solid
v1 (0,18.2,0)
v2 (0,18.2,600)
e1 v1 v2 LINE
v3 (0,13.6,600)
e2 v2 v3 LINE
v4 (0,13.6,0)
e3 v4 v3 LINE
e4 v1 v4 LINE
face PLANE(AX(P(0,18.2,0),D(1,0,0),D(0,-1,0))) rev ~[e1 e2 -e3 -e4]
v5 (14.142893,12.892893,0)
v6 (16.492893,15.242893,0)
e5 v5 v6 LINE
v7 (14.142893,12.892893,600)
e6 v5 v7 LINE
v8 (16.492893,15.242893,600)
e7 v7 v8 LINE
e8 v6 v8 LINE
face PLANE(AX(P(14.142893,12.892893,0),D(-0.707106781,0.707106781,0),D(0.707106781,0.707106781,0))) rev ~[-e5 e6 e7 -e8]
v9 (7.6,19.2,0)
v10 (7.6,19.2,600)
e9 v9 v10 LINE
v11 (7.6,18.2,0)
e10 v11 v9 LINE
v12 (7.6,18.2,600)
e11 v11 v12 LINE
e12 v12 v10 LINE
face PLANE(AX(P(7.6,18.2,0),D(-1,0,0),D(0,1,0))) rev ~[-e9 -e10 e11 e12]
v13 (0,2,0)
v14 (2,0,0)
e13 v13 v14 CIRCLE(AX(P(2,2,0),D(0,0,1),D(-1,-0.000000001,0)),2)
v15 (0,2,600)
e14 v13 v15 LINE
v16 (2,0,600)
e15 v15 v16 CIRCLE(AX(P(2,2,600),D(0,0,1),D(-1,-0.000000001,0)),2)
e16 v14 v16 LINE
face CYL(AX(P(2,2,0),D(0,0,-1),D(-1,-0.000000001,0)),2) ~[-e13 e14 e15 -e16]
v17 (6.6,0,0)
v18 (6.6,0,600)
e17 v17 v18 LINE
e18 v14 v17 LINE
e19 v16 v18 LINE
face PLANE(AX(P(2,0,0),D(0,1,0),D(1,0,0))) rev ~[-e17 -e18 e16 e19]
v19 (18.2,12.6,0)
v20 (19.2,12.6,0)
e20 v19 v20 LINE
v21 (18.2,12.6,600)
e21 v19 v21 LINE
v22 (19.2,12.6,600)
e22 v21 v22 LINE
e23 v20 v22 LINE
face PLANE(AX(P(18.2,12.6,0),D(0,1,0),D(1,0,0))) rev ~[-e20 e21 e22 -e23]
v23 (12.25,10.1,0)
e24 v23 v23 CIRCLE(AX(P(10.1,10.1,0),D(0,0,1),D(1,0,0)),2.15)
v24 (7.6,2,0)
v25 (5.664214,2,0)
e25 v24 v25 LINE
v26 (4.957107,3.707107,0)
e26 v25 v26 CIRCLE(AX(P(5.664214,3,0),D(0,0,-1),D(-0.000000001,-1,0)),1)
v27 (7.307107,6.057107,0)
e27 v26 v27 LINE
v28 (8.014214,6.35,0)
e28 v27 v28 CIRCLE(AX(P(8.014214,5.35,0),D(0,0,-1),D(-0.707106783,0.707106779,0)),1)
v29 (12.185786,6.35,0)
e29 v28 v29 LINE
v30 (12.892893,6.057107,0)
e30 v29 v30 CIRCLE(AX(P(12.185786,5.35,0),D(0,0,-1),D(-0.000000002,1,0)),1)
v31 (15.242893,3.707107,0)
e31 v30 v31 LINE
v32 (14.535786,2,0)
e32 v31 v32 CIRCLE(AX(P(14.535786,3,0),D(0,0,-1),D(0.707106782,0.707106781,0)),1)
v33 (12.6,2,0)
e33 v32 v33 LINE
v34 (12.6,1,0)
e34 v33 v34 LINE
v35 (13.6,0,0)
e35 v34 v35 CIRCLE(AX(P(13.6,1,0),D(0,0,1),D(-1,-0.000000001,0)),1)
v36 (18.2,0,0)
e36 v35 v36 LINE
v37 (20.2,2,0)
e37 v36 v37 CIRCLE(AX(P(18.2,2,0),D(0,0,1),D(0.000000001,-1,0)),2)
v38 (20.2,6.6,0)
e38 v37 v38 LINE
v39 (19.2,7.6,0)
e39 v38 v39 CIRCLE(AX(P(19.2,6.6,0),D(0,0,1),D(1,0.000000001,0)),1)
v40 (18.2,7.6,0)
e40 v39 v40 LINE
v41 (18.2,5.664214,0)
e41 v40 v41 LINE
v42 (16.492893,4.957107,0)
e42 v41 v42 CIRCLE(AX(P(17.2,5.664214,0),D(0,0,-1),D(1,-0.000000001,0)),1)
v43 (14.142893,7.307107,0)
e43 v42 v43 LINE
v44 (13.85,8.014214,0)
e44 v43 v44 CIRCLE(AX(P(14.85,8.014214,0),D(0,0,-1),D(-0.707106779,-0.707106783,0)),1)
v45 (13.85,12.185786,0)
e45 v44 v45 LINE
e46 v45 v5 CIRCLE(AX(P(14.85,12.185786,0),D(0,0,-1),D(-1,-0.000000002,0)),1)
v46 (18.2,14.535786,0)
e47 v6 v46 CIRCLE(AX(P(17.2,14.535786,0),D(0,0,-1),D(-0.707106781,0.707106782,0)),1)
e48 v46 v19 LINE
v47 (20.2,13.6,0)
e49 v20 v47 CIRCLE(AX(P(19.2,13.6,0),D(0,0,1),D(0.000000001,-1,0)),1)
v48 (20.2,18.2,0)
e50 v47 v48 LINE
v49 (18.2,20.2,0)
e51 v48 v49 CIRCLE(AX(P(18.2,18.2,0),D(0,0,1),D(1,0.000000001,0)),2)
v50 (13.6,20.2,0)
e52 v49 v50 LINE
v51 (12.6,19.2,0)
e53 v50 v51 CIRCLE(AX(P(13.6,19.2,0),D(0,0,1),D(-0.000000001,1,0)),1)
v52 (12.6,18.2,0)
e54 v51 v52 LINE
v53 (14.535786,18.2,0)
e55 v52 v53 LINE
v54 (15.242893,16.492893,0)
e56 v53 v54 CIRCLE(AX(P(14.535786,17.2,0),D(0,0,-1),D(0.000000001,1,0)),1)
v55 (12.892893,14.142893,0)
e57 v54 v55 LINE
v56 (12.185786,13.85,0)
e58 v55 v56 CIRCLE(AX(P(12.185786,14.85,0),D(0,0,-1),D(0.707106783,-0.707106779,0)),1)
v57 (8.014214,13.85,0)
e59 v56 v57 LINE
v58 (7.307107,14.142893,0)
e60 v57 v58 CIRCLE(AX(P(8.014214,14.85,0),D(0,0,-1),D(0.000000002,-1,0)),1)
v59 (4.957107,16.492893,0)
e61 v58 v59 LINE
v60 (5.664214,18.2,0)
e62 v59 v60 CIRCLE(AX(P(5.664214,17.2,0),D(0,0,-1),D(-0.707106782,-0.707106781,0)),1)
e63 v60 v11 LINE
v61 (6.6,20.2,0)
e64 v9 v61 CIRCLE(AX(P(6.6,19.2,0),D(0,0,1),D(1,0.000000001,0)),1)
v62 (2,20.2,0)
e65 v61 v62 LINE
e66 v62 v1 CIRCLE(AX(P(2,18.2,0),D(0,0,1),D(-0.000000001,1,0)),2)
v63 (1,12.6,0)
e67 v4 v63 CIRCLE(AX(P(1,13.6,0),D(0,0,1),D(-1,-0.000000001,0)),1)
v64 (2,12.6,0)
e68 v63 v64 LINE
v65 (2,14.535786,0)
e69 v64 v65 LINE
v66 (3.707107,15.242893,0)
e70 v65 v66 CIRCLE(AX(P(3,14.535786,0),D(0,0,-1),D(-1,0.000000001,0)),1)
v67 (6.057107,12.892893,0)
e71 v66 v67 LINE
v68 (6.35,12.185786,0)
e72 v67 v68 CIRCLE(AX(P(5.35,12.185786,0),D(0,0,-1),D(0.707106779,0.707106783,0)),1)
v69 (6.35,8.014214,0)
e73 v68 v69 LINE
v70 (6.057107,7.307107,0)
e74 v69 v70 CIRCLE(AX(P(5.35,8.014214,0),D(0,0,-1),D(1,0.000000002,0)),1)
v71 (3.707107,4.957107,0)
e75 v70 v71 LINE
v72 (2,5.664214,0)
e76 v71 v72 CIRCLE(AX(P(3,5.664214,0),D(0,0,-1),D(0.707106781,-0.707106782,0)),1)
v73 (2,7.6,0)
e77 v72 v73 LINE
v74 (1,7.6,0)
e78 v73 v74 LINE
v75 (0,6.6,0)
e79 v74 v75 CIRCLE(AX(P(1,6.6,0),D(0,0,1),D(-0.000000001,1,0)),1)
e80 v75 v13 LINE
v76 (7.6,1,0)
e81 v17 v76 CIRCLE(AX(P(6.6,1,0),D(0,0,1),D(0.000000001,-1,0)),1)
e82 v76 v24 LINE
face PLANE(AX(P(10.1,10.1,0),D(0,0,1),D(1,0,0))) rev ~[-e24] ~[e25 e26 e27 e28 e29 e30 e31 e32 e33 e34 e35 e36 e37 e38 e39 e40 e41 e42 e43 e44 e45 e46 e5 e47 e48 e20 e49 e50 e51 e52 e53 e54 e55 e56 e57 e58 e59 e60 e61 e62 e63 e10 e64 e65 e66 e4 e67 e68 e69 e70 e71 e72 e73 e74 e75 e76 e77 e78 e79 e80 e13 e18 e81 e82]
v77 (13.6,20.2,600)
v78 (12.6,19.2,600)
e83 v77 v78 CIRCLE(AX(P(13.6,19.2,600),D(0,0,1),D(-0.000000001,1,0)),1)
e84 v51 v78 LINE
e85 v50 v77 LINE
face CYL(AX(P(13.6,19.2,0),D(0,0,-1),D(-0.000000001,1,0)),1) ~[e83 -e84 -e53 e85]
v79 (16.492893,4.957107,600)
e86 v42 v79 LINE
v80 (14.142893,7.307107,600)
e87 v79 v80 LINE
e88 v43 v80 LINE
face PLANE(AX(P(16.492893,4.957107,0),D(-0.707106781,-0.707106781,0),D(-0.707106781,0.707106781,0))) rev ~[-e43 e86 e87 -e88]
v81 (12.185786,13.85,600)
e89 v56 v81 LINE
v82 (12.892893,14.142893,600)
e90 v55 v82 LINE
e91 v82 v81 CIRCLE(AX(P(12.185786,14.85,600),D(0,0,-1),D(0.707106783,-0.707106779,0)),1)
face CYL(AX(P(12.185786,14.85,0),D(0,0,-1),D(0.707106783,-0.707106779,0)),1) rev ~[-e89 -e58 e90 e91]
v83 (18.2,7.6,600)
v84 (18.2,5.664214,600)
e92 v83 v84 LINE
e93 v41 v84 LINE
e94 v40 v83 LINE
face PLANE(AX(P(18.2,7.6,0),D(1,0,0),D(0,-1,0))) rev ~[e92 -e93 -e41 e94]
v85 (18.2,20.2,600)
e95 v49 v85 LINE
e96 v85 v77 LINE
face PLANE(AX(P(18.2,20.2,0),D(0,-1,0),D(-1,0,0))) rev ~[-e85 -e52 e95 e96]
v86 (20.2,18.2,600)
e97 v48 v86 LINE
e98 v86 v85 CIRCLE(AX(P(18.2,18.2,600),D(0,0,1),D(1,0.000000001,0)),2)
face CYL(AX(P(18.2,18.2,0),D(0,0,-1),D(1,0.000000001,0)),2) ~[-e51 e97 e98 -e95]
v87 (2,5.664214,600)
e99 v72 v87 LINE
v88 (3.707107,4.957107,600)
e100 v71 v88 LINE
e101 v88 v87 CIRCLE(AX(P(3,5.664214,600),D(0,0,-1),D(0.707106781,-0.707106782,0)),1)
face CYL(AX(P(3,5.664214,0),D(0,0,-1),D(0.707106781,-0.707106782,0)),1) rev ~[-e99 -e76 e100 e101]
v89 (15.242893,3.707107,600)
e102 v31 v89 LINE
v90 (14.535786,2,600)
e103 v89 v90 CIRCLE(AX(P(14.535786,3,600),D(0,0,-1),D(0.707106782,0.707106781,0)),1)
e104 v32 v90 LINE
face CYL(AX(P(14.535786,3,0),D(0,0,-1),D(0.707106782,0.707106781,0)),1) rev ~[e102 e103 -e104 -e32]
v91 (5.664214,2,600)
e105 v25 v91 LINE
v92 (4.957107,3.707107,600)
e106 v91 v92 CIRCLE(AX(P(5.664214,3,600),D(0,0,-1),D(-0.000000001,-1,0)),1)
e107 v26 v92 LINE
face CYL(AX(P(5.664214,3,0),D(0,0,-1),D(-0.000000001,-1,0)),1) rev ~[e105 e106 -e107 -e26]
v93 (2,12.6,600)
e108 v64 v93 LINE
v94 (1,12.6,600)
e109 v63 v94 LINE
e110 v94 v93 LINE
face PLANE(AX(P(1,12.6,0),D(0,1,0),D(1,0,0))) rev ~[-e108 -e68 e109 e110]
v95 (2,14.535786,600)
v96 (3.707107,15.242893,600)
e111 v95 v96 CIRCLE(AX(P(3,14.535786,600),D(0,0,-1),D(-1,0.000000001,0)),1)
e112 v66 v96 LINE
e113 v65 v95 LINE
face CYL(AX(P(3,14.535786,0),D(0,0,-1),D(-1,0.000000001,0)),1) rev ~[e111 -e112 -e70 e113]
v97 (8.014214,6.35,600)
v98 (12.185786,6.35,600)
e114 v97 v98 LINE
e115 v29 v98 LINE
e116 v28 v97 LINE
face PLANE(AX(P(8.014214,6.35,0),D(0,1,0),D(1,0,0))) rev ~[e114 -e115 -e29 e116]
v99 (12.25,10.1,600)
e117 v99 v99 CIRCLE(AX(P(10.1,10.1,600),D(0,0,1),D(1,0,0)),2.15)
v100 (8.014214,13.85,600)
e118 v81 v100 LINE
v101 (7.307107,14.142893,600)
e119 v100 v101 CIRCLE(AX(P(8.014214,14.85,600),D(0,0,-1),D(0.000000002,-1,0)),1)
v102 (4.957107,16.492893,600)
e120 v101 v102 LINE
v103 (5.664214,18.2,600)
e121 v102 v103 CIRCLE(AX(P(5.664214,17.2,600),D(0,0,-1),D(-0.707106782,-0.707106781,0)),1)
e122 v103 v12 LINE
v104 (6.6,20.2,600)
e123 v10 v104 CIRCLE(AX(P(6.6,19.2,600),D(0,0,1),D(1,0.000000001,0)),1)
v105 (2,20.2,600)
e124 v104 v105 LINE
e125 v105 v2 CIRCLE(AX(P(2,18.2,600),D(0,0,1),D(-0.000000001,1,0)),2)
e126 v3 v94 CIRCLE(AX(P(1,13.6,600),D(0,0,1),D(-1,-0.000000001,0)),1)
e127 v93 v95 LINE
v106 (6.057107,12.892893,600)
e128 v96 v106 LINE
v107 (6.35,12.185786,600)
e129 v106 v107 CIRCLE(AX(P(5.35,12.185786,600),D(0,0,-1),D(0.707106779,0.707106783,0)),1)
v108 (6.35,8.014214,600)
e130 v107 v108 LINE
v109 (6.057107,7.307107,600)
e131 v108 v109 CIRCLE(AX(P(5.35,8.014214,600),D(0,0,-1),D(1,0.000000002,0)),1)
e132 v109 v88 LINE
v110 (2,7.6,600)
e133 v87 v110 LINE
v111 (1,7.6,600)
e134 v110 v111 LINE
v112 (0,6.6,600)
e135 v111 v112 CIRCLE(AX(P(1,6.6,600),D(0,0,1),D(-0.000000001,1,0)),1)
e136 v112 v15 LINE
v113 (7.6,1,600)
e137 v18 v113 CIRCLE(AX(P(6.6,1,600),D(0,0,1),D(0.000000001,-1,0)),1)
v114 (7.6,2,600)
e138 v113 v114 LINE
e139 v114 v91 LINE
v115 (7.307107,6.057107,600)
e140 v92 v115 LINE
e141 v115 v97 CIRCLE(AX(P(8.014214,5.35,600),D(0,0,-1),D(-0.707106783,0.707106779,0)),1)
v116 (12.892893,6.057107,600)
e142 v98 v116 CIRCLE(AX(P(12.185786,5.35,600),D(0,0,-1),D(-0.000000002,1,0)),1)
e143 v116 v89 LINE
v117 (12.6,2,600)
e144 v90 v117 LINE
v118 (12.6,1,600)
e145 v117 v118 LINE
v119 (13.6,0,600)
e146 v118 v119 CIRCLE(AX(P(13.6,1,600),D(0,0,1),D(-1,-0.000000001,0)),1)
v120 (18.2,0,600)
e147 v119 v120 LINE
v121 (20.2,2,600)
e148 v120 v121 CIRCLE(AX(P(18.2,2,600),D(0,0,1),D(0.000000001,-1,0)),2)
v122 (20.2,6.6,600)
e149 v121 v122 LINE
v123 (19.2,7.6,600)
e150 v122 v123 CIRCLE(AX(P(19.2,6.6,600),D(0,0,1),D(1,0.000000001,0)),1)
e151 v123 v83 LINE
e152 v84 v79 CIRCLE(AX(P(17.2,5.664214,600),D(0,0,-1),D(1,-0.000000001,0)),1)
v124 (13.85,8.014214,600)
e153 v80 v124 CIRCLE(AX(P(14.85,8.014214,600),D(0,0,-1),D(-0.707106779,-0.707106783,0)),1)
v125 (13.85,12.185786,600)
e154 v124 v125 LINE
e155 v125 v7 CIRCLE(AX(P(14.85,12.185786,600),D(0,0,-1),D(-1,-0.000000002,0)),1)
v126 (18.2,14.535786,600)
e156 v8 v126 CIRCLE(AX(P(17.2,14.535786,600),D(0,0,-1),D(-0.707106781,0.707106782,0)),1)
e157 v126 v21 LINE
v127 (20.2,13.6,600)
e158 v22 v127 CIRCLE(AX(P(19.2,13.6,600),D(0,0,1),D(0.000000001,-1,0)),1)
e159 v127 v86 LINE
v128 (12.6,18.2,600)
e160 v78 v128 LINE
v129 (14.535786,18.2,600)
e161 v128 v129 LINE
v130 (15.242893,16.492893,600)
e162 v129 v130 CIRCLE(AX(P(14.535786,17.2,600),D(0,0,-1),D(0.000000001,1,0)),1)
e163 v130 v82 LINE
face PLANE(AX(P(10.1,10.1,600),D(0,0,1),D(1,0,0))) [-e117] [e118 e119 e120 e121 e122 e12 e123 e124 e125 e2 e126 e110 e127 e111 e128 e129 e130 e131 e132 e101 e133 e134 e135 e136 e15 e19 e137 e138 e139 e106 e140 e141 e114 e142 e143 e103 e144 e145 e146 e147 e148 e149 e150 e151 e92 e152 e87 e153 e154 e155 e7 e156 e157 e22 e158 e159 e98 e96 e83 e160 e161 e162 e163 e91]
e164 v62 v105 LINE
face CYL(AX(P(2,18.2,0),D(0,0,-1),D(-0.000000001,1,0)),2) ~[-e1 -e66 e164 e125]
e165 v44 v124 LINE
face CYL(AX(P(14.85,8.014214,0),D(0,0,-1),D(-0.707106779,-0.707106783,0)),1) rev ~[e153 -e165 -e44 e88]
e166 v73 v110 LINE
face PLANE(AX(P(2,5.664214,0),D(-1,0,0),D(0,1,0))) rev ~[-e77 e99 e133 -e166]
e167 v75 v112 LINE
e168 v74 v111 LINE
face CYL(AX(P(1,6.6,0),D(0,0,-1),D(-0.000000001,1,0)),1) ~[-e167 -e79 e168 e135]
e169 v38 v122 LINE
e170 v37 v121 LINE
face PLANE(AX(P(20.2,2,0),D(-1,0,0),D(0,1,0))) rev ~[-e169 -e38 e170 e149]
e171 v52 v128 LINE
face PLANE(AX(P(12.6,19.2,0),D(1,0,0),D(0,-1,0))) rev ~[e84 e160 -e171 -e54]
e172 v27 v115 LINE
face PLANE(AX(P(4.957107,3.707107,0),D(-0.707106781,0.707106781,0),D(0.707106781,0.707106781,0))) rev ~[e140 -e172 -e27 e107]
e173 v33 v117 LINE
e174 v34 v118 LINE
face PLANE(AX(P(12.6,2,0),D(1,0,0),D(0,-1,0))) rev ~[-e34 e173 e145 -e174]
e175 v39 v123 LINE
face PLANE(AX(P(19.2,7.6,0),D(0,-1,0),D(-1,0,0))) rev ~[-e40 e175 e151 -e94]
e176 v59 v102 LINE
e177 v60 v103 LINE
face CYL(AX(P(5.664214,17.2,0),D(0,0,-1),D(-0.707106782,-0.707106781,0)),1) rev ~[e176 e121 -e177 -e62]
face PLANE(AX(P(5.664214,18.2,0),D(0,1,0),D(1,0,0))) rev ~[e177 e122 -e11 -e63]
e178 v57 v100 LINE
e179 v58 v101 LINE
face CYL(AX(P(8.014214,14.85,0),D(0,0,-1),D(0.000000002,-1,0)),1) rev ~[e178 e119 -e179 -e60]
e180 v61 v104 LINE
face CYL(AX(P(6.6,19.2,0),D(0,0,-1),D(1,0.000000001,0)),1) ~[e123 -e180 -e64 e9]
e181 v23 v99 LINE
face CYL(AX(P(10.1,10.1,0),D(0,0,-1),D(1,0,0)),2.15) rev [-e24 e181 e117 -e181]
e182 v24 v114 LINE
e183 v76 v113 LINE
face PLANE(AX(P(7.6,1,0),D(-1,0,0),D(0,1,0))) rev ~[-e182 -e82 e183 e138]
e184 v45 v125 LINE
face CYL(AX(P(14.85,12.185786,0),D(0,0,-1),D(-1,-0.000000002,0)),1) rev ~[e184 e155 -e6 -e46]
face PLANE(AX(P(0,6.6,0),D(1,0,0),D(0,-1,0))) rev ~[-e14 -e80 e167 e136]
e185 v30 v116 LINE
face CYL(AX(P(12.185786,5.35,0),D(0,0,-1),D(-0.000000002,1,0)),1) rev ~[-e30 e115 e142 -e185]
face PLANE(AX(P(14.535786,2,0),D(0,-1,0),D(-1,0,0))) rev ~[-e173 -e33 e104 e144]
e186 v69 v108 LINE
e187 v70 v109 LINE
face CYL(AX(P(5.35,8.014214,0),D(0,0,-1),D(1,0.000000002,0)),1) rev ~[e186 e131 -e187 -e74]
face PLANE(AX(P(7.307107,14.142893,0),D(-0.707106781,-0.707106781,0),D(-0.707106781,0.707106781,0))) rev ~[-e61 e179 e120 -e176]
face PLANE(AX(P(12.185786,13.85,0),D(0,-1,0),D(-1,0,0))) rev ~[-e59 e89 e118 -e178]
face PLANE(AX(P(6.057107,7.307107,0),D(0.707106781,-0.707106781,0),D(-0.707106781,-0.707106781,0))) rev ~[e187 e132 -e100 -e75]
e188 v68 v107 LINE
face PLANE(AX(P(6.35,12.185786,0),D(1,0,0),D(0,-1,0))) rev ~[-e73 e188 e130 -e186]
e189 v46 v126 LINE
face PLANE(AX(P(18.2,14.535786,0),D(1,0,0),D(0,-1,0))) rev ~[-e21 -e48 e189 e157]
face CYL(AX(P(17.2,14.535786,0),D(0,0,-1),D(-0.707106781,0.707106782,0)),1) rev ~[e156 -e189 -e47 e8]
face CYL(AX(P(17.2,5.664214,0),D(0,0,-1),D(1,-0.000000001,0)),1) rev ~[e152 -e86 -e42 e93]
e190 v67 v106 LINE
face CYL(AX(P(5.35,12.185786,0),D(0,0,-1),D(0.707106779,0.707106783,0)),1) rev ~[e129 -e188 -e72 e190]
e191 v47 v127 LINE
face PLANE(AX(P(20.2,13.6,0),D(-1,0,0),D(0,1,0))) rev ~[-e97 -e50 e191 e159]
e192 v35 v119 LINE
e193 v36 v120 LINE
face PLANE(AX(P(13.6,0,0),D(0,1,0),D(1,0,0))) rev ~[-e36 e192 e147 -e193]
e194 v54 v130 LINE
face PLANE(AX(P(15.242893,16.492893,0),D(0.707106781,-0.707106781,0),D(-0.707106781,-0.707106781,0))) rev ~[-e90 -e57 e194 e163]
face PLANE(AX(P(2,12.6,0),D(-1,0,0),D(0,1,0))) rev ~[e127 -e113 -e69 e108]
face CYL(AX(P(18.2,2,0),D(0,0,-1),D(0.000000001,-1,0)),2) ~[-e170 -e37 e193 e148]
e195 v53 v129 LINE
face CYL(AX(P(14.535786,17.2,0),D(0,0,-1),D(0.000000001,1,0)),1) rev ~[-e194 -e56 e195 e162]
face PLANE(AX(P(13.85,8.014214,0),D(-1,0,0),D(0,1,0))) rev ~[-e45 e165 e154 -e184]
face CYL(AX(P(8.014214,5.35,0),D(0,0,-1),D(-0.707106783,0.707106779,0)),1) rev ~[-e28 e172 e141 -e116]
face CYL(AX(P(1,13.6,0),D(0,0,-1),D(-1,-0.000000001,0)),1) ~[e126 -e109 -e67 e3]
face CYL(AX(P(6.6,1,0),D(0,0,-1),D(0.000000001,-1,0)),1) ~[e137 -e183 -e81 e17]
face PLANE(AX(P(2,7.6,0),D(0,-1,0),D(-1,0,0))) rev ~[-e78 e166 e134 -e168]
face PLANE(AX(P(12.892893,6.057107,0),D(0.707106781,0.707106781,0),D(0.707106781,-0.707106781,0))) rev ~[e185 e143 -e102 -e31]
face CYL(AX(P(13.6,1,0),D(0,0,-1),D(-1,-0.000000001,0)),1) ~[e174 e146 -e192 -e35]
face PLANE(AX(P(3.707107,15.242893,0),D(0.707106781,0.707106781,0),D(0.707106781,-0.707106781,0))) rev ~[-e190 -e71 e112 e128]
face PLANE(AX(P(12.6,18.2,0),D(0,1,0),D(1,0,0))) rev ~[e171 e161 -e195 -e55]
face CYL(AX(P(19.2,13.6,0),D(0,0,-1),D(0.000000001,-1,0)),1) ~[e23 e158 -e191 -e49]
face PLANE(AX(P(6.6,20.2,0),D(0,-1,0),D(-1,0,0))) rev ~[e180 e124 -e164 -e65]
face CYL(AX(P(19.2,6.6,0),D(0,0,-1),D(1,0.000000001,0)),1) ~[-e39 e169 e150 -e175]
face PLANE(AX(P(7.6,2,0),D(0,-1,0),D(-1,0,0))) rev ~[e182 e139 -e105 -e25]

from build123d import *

# Parameters (mm, degrees)
SKETCH1_R           = 2.15
BOSS_EXTRUDE1_DEPTH = 600


with BuildPart() as part:
    # Sketch1 → Boss-Extrude1 (new body)
    with BuildSketch(Plane.XY):
        with BuildLine():
            Line((2, 0), (6.6, 0))
            ThreePointArc((6.6, 0), (7.307106781, 0.292893219), (7.6, 1))
            Line((7.6, 1), (7.6, 2))
            Line((7.6, 2), (5.664213562, 2))
            ThreePointArc((5.664213562, 2), (4.74033403, 2.617316568), (4.957106781, 3.707106781))
            Line((4.957106781, 3.707106781), (7.307106781, 6.057106781))
            ThreePointArc((7.307106781, 6.057106781), (7.63153013, 6.273879533), (8.014213562, 6.35))
            Line((8.014213562, 6.35), (12.185786438, 6.35))
            ThreePointArc((12.185786438, 6.35), (12.56846987, 6.273879533), (12.892893219, 6.057106781))
            Line((12.892893219, 6.057106781), (15.242893219, 3.707106781))
            ThreePointArc((15.242893219, 3.707106781), (15.45966597, 2.617316568), (14.535786438, 2))
            Line((14.535786438, 2), (12.6, 2))
            Line((12.6, 2), (12.6, 1))
            ThreePointArc((12.6, 1), (12.892893219, 0.292893219), (13.6, 0))
            Line((13.6, 0), (18.2, 0))
            ThreePointArc((18.2, 0), (19.614213562, 0.585786438), (20.2, 2))
            Line((20.2, 2), (20.2, 6.6))
            ThreePointArc((20.2, 6.6), (19.907106781, 7.307106781), (19.2, 7.6))
            Line((19.2, 7.6), (18.2, 7.6))
            Line((18.2, 7.6), (18.2, 5.664213562))
            ThreePointArc((18.2, 5.664213562), (17.582683432, 4.74033403), (16.492893219, 4.957106781))
            Line((16.492893219, 4.957106781), (14.142893219, 7.307106781))
            ThreePointArc((14.142893219, 7.307106781), (13.926120467, 7.63153013), (13.85, 8.014213562))
            Line((13.85, 8.014213562), (13.85, 12.185786438))
            ThreePointArc((13.85, 12.185786438), (13.926120467, 12.56846987), (14.142893219, 12.892893219))
            Line((14.142893219, 12.892893219), (16.492893219, 15.242893219))
            ThreePointArc((16.492893219, 15.242893219), (17.582683432, 15.45966597), (18.2, 14.535786438))
            Line((18.2, 14.535786438), (18.2, 12.6))
            Line((18.2, 12.6), (19.2, 12.6))
            ThreePointArc((19.2, 12.6), (19.907106781, 12.892893219), (20.2, 13.6))
            Line((20.2, 13.6), (20.2, 18.2))
            ThreePointArc((20.2, 18.2), (19.614213562, 19.614213562), (18.2, 20.2))
            Line((18.2, 20.2), (13.6, 20.2))
            ThreePointArc((13.6, 20.2), (12.892893219, 19.907106781), (12.6, 19.2))
            Line((12.6, 19.2), (12.6, 18.2))
            Line((12.6, 18.2), (14.535786438, 18.2))
            ThreePointArc((14.535786438, 18.2), (15.45966597, 17.582683432), (15.242893219, 16.492893219))
            Line((15.242893219, 16.492893219), (12.892893219, 14.142893219))
            ThreePointArc((12.892893219, 14.142893219), (12.56846987, 13.926120467), (12.185786438, 13.85))
            Line((12.185786438, 13.85), (8.014213562, 13.85))
            ThreePointArc((8.014213562, 13.85), (7.63153013, 13.926120467), (7.307106781, 14.142893219))
            Line((7.307106781, 14.142893219), (4.957106781, 16.492893219))
            ThreePointArc((4.957106781, 16.492893219), (4.74033403, 17.582683432), (5.664213562, 18.2))
            Line((5.664213562, 18.2), (7.6, 18.2))
            Line((7.6, 18.2), (7.6, 19.2))
            ThreePointArc((7.6, 19.2), (7.307106781, 19.907106781), (6.6, 20.2))
            Line((6.6, 20.2), (2, 20.2))
            ThreePointArc((2, 20.2), (0.585786438, 19.614213562), (0, 18.2))
            Line((0, 18.2), (0, 13.6))
            ThreePointArc((0, 13.6), (0.292893219, 12.892893219), (1, 12.6))
            Line((1, 12.6), (2, 12.6))
            Line((2, 12.6), (2, 14.535786438))
            ThreePointArc((2, 14.535786438), (2.617316568, 15.45966597), (3.707106781, 15.242893219))
            Line((3.707106781, 15.242893219), (6.057106781, 12.892893219))
            ThreePointArc((6.057106781, 12.892893219), (6.273879533, 12.56846987), (6.35, 12.185786438))
            Line((6.35, 12.185786438), (6.35, 8.014213562))
            ThreePointArc((6.35, 8.014213562), (6.273879533, 7.63153013), (6.057106781, 7.307106781))
            Line((6.057106781, 7.307106781), (3.707106781, 4.957106781))
            ThreePointArc((3.707106781, 4.957106781), (2.617316568, 4.74033403), (2, 5.664213562))
            Line((2, 5.664213562), (2, 7.6))
            Line((2, 7.6), (1, 7.6))
            ThreePointArc((1, 7.6), (0.292893219, 7.307106781), (0, 6.6))
            Line((0, 6.6), (0, 2))
            ThreePointArc((0, 2), (0.585786438, 0.585786438), (2, 0))
        make_face()
        with Locations((10.1, 10.1)):
            Circle(SKETCH1_R, mode=Mode.SUBTRACT)
    extrude(amount=BOSS_EXTRUDE1_DEPTH)


solid = part.part
